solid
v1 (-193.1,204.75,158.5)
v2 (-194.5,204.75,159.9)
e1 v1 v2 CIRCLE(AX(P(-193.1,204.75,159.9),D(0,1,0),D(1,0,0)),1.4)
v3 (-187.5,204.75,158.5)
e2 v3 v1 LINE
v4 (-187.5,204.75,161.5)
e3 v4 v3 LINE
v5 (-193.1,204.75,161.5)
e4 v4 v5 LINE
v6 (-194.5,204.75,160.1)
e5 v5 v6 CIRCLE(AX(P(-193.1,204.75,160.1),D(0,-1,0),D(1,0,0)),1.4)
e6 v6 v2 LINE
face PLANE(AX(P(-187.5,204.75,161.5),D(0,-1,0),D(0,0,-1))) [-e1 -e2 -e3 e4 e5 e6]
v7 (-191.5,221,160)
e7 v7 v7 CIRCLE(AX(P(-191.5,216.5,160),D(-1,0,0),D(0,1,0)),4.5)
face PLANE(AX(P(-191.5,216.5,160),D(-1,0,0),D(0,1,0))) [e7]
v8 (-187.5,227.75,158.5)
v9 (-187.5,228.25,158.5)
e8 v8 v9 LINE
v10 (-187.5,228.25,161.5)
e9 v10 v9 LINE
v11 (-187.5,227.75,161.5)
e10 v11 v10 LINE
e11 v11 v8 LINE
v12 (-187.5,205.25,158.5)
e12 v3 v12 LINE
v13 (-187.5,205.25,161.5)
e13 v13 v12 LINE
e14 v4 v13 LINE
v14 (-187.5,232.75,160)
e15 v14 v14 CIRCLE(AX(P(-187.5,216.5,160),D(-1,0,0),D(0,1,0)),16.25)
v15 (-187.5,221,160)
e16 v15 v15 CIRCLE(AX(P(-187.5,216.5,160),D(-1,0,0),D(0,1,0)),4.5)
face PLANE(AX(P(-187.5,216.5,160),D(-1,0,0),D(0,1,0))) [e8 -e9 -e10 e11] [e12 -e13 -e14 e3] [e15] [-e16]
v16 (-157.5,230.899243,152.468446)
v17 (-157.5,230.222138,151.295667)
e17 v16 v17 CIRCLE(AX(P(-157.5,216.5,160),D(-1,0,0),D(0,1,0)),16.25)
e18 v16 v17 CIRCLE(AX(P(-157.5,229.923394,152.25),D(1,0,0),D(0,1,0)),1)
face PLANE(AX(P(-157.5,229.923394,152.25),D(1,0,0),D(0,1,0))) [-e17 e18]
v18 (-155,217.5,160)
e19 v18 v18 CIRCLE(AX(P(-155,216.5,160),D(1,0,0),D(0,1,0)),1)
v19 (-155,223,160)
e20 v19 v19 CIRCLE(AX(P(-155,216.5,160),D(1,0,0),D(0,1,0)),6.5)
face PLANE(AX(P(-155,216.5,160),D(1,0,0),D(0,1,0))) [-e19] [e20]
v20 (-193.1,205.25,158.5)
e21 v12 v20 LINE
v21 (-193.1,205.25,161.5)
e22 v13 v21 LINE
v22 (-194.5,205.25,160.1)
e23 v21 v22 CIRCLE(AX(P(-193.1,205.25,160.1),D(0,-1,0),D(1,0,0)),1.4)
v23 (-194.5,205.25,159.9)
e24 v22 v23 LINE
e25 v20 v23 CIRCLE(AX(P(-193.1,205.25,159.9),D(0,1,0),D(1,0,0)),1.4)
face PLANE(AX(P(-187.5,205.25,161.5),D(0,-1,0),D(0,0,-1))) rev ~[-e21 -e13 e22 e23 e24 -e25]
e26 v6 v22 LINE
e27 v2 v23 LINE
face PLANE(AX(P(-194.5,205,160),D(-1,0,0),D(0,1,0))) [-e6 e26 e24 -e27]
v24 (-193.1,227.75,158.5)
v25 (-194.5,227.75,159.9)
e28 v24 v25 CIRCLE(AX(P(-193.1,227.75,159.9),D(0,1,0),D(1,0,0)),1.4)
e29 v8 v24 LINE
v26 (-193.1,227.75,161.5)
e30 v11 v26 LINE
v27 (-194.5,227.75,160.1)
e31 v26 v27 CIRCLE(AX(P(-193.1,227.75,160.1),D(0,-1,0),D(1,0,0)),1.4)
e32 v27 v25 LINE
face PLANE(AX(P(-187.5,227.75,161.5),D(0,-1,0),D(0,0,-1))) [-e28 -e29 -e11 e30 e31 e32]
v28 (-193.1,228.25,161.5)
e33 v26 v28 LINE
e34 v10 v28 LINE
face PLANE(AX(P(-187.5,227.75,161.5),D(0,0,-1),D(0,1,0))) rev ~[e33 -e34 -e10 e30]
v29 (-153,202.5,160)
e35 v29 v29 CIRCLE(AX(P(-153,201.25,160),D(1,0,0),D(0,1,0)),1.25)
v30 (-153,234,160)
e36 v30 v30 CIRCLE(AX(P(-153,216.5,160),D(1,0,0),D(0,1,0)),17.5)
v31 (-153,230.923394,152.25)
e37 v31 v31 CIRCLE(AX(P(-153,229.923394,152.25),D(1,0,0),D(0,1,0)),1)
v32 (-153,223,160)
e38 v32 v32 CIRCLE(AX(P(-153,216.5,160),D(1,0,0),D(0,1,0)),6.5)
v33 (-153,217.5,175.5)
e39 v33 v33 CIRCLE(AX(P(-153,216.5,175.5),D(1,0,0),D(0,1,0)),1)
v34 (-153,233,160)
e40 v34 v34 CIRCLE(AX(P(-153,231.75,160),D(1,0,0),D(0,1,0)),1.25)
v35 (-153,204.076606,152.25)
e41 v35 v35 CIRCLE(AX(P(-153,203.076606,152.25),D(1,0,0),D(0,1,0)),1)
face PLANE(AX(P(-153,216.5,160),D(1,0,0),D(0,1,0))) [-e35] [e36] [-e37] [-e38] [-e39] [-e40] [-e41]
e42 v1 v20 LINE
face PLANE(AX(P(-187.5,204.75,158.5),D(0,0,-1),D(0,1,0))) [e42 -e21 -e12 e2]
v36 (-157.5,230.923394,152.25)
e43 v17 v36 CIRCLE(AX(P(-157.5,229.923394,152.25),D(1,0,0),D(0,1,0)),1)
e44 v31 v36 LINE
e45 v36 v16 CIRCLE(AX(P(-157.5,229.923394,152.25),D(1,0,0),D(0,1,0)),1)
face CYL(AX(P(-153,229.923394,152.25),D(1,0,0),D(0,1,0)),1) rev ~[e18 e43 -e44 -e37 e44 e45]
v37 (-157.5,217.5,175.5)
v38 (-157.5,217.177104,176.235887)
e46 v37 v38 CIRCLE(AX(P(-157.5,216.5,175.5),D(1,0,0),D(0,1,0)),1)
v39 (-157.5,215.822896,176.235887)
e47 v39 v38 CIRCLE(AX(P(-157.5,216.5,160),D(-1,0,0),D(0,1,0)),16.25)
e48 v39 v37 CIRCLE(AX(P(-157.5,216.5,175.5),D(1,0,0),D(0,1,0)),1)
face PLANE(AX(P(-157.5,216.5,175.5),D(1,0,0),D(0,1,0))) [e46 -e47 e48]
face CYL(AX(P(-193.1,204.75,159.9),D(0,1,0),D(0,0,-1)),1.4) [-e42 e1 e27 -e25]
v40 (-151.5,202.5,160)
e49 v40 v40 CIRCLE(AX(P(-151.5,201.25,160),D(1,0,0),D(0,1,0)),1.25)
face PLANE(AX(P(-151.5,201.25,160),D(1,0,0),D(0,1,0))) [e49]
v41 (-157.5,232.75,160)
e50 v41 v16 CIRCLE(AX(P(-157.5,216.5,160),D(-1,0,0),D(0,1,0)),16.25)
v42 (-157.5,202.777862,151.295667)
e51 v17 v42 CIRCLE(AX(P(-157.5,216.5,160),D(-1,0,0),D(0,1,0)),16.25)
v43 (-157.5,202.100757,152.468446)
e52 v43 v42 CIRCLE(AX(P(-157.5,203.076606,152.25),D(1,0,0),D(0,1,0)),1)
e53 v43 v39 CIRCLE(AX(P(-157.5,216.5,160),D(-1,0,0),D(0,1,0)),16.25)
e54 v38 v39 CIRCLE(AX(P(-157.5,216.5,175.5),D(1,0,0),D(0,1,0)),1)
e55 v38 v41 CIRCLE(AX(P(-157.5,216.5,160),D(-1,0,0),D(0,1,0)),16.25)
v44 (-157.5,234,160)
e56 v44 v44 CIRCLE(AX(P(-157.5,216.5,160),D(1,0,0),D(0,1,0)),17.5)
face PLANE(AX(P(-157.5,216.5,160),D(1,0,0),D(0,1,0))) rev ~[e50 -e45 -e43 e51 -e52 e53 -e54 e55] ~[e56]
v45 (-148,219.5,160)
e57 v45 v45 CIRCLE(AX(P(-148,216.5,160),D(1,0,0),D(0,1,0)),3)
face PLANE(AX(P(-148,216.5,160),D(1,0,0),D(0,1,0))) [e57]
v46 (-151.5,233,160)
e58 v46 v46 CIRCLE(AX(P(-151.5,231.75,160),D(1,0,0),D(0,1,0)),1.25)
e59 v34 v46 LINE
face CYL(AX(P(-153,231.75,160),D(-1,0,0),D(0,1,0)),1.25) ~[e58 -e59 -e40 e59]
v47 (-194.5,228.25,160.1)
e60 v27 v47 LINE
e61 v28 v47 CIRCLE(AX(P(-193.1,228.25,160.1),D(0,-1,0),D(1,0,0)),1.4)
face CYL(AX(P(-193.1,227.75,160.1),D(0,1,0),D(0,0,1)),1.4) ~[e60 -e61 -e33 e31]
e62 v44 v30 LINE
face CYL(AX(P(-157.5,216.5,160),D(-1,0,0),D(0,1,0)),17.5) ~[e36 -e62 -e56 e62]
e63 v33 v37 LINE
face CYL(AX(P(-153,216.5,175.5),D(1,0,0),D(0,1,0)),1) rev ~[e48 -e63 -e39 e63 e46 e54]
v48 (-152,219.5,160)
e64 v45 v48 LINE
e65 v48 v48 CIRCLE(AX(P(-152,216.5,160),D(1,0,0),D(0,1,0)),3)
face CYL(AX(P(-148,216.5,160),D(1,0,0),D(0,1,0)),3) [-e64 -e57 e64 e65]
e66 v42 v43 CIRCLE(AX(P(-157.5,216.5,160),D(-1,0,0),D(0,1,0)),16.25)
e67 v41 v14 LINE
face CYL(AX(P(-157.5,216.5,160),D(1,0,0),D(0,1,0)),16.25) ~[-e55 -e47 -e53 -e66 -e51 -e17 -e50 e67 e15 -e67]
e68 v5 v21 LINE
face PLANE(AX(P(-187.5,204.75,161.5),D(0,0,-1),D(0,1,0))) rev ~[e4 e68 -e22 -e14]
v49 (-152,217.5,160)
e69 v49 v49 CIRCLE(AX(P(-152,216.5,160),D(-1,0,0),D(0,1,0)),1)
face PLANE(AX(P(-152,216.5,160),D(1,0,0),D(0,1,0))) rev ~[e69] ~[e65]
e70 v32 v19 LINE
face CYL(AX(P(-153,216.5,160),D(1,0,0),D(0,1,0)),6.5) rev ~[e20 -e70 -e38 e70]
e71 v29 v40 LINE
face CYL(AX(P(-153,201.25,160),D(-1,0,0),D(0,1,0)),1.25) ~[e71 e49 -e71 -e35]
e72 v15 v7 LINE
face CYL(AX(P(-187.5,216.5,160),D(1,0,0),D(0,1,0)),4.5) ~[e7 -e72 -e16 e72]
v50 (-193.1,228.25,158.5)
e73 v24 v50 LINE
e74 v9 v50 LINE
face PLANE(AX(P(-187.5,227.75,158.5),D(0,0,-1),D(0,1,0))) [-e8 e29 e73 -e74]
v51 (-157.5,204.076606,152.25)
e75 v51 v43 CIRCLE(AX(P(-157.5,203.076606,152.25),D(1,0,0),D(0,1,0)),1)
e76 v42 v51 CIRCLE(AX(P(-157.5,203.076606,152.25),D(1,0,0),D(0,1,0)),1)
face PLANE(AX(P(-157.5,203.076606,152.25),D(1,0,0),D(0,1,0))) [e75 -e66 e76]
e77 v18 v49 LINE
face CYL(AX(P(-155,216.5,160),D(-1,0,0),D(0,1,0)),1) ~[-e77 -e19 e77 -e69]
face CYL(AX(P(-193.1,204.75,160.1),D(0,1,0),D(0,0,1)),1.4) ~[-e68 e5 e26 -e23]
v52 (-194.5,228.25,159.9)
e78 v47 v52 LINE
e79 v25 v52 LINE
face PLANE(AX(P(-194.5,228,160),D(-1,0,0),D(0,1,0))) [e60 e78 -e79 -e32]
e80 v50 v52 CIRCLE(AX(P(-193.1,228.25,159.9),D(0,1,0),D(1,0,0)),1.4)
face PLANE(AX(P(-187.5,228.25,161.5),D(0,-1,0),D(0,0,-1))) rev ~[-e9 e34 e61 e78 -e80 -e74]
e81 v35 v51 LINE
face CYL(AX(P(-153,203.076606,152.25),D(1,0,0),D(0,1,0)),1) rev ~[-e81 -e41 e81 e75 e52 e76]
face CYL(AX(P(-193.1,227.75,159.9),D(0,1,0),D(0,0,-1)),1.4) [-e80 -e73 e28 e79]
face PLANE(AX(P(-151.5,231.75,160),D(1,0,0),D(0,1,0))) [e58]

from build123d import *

# Parameters (mm, degrees)
SKETCH067_R             = 17.5
PAD052_DEPTH            = 4.5
SKETCH068_R             = 16.25
PAD053_DEPTH            = 30
SKETCH069_R             = 4.5
PAD054_DEPTH            = 4
SKETCH070_W             = 0.5
SKETCH070_H             = 3
PAD055_DEPTH            = 7
FILLET003_R             = 1.4
SKETCH071_R             = 1.25
PAD056_DEPTH            = 1.5
SKETCH072_R             = 1
POCKET013_DEPTH         = 4.5
SKETCH073_R             = 6.5
POCKET014_DEPTH         = 2
SKETCH074_R             = 1
PAD057_DEPTH            = 7
SKETCH075_R             = 3
PAD058_DEPTH            = 4
BODY016_ROLL_ANGLE      = 90
BODY016_PLACEMENT_ANGLE = 90


with BuildPart() as part:
    # Sketch067 → Pad052 (new body)
    with BuildSketch(Plane.XY):
        Circle(SKETCH067_R)
    extrude(amount=PAD052_DEPTH)

    # Sketch068 (on Face2 of Pad052) → Pad053 (join)
    with BuildSketch(Plane(origin=(0, 0, 0), x_dir=(1, 0, 0), z_dir=(0, 0, -1))):
        Circle(SKETCH068_R)
    extrude(amount=PAD053_DEPTH)

    # Sketch069 (on Face5 of Pad053) → Pad054 (join)
    with BuildSketch(Plane(origin=(0, 0, -30), x_dir=(1, 0, 0), z_dir=(0, 0, -1))):
        Circle(SKETCH069_R)
    extrude(amount=PAD054_DEPTH)

    # Sketch070 (on Face5 of Pad054) → Pad055 (join)
    with BuildSketch(Plane(origin=(0, 0, -30), x_dir=(1, 0, 0), z_dir=(0, 0, -1))):
        with Locations((11.5, 0)):
            Rectangle(SKETCH070_W, SKETCH070_H)
        with Locations((-11.5, 0)):
            Rectangle(SKETCH070_W, SKETCH070_H)
    extrude(amount=PAD055_DEPTH)

    # Fillet003
    fillet003_edges = [part.edges().sort_by_distance(p)[0] for p in [
        (11.5, -1.5, -37),
        (11.5, 1.5, -37),
        (-11.5, 1.5, -37),
        (-11.5, -1.5, -37),
    ]]
    fillet(fillet003_edges, radius=FILLET003_R)

    # Sketch071 (on Face21 of Fillet003) → Pad056 (join)
    with BuildSketch(Plane.XY.offset(4.5)):
        with Locations((-15.25, 0)):
            Circle(SKETCH071_R)
        with Locations((15.25, 0)):
            Circle(SKETCH071_R)
    extrude(amount=PAD056_DEPTH)

    # Sketch072 (on Face21 of Pad056) → Pocket013 (cut)
    with BuildSketch(Plane.XY.offset(4.5)):
        with Locations((0, 15.5)):
            Circle(SKETCH072_R)
        with Locations((-13.423394, -7.75)):
            Circle(SKETCH072_R)
        with Locations((13.423394, -7.75)):
            Circle(SKETCH072_R)
    extrude(amount=-POCKET013_DEPTH, mode=Mode.SUBTRACT)

    # Sketch073 (on Face27 of Pocket013) → Pocket014 (cut)
    with BuildSketch(Plane.XY.offset(4.5)):
        Circle(SKETCH073_R)
    extrude(amount=-POCKET014_DEPTH, mode=Mode.SUBTRACT)

    # Sketch074 (on Face32 of Pocket014) → Pad057 (join)
    with BuildSketch(Plane.XY.offset(2.5)):
        Circle(SKETCH074_R)
    extrude(amount=PAD057_DEPTH)

    # Sketch075 (on Face35 of Pad057) → Pad058 (join)
    with BuildSketch(Plane.XY.offset(9.5)):
        Circle(SKETCH075_R)
    extrude(amount=-PAD058_DEPTH)


with BuildPart() as part_1:
    # Body016 roll: moved
    add(part.part.rotate(Axis((0, 0, 0), (1, 0, 0)), BODY016_ROLL_ANGLE))


with BuildPart() as part_2:
    # Body016 placement: moved
    add(part_1.part.moved(Location((-157.5, 216.5, 160))).rotate(Axis((-157.5, 216.5, 160), (0, 0, 1)), BODY016_PLACEMENT_ANGLE))


solid = part_2.part
